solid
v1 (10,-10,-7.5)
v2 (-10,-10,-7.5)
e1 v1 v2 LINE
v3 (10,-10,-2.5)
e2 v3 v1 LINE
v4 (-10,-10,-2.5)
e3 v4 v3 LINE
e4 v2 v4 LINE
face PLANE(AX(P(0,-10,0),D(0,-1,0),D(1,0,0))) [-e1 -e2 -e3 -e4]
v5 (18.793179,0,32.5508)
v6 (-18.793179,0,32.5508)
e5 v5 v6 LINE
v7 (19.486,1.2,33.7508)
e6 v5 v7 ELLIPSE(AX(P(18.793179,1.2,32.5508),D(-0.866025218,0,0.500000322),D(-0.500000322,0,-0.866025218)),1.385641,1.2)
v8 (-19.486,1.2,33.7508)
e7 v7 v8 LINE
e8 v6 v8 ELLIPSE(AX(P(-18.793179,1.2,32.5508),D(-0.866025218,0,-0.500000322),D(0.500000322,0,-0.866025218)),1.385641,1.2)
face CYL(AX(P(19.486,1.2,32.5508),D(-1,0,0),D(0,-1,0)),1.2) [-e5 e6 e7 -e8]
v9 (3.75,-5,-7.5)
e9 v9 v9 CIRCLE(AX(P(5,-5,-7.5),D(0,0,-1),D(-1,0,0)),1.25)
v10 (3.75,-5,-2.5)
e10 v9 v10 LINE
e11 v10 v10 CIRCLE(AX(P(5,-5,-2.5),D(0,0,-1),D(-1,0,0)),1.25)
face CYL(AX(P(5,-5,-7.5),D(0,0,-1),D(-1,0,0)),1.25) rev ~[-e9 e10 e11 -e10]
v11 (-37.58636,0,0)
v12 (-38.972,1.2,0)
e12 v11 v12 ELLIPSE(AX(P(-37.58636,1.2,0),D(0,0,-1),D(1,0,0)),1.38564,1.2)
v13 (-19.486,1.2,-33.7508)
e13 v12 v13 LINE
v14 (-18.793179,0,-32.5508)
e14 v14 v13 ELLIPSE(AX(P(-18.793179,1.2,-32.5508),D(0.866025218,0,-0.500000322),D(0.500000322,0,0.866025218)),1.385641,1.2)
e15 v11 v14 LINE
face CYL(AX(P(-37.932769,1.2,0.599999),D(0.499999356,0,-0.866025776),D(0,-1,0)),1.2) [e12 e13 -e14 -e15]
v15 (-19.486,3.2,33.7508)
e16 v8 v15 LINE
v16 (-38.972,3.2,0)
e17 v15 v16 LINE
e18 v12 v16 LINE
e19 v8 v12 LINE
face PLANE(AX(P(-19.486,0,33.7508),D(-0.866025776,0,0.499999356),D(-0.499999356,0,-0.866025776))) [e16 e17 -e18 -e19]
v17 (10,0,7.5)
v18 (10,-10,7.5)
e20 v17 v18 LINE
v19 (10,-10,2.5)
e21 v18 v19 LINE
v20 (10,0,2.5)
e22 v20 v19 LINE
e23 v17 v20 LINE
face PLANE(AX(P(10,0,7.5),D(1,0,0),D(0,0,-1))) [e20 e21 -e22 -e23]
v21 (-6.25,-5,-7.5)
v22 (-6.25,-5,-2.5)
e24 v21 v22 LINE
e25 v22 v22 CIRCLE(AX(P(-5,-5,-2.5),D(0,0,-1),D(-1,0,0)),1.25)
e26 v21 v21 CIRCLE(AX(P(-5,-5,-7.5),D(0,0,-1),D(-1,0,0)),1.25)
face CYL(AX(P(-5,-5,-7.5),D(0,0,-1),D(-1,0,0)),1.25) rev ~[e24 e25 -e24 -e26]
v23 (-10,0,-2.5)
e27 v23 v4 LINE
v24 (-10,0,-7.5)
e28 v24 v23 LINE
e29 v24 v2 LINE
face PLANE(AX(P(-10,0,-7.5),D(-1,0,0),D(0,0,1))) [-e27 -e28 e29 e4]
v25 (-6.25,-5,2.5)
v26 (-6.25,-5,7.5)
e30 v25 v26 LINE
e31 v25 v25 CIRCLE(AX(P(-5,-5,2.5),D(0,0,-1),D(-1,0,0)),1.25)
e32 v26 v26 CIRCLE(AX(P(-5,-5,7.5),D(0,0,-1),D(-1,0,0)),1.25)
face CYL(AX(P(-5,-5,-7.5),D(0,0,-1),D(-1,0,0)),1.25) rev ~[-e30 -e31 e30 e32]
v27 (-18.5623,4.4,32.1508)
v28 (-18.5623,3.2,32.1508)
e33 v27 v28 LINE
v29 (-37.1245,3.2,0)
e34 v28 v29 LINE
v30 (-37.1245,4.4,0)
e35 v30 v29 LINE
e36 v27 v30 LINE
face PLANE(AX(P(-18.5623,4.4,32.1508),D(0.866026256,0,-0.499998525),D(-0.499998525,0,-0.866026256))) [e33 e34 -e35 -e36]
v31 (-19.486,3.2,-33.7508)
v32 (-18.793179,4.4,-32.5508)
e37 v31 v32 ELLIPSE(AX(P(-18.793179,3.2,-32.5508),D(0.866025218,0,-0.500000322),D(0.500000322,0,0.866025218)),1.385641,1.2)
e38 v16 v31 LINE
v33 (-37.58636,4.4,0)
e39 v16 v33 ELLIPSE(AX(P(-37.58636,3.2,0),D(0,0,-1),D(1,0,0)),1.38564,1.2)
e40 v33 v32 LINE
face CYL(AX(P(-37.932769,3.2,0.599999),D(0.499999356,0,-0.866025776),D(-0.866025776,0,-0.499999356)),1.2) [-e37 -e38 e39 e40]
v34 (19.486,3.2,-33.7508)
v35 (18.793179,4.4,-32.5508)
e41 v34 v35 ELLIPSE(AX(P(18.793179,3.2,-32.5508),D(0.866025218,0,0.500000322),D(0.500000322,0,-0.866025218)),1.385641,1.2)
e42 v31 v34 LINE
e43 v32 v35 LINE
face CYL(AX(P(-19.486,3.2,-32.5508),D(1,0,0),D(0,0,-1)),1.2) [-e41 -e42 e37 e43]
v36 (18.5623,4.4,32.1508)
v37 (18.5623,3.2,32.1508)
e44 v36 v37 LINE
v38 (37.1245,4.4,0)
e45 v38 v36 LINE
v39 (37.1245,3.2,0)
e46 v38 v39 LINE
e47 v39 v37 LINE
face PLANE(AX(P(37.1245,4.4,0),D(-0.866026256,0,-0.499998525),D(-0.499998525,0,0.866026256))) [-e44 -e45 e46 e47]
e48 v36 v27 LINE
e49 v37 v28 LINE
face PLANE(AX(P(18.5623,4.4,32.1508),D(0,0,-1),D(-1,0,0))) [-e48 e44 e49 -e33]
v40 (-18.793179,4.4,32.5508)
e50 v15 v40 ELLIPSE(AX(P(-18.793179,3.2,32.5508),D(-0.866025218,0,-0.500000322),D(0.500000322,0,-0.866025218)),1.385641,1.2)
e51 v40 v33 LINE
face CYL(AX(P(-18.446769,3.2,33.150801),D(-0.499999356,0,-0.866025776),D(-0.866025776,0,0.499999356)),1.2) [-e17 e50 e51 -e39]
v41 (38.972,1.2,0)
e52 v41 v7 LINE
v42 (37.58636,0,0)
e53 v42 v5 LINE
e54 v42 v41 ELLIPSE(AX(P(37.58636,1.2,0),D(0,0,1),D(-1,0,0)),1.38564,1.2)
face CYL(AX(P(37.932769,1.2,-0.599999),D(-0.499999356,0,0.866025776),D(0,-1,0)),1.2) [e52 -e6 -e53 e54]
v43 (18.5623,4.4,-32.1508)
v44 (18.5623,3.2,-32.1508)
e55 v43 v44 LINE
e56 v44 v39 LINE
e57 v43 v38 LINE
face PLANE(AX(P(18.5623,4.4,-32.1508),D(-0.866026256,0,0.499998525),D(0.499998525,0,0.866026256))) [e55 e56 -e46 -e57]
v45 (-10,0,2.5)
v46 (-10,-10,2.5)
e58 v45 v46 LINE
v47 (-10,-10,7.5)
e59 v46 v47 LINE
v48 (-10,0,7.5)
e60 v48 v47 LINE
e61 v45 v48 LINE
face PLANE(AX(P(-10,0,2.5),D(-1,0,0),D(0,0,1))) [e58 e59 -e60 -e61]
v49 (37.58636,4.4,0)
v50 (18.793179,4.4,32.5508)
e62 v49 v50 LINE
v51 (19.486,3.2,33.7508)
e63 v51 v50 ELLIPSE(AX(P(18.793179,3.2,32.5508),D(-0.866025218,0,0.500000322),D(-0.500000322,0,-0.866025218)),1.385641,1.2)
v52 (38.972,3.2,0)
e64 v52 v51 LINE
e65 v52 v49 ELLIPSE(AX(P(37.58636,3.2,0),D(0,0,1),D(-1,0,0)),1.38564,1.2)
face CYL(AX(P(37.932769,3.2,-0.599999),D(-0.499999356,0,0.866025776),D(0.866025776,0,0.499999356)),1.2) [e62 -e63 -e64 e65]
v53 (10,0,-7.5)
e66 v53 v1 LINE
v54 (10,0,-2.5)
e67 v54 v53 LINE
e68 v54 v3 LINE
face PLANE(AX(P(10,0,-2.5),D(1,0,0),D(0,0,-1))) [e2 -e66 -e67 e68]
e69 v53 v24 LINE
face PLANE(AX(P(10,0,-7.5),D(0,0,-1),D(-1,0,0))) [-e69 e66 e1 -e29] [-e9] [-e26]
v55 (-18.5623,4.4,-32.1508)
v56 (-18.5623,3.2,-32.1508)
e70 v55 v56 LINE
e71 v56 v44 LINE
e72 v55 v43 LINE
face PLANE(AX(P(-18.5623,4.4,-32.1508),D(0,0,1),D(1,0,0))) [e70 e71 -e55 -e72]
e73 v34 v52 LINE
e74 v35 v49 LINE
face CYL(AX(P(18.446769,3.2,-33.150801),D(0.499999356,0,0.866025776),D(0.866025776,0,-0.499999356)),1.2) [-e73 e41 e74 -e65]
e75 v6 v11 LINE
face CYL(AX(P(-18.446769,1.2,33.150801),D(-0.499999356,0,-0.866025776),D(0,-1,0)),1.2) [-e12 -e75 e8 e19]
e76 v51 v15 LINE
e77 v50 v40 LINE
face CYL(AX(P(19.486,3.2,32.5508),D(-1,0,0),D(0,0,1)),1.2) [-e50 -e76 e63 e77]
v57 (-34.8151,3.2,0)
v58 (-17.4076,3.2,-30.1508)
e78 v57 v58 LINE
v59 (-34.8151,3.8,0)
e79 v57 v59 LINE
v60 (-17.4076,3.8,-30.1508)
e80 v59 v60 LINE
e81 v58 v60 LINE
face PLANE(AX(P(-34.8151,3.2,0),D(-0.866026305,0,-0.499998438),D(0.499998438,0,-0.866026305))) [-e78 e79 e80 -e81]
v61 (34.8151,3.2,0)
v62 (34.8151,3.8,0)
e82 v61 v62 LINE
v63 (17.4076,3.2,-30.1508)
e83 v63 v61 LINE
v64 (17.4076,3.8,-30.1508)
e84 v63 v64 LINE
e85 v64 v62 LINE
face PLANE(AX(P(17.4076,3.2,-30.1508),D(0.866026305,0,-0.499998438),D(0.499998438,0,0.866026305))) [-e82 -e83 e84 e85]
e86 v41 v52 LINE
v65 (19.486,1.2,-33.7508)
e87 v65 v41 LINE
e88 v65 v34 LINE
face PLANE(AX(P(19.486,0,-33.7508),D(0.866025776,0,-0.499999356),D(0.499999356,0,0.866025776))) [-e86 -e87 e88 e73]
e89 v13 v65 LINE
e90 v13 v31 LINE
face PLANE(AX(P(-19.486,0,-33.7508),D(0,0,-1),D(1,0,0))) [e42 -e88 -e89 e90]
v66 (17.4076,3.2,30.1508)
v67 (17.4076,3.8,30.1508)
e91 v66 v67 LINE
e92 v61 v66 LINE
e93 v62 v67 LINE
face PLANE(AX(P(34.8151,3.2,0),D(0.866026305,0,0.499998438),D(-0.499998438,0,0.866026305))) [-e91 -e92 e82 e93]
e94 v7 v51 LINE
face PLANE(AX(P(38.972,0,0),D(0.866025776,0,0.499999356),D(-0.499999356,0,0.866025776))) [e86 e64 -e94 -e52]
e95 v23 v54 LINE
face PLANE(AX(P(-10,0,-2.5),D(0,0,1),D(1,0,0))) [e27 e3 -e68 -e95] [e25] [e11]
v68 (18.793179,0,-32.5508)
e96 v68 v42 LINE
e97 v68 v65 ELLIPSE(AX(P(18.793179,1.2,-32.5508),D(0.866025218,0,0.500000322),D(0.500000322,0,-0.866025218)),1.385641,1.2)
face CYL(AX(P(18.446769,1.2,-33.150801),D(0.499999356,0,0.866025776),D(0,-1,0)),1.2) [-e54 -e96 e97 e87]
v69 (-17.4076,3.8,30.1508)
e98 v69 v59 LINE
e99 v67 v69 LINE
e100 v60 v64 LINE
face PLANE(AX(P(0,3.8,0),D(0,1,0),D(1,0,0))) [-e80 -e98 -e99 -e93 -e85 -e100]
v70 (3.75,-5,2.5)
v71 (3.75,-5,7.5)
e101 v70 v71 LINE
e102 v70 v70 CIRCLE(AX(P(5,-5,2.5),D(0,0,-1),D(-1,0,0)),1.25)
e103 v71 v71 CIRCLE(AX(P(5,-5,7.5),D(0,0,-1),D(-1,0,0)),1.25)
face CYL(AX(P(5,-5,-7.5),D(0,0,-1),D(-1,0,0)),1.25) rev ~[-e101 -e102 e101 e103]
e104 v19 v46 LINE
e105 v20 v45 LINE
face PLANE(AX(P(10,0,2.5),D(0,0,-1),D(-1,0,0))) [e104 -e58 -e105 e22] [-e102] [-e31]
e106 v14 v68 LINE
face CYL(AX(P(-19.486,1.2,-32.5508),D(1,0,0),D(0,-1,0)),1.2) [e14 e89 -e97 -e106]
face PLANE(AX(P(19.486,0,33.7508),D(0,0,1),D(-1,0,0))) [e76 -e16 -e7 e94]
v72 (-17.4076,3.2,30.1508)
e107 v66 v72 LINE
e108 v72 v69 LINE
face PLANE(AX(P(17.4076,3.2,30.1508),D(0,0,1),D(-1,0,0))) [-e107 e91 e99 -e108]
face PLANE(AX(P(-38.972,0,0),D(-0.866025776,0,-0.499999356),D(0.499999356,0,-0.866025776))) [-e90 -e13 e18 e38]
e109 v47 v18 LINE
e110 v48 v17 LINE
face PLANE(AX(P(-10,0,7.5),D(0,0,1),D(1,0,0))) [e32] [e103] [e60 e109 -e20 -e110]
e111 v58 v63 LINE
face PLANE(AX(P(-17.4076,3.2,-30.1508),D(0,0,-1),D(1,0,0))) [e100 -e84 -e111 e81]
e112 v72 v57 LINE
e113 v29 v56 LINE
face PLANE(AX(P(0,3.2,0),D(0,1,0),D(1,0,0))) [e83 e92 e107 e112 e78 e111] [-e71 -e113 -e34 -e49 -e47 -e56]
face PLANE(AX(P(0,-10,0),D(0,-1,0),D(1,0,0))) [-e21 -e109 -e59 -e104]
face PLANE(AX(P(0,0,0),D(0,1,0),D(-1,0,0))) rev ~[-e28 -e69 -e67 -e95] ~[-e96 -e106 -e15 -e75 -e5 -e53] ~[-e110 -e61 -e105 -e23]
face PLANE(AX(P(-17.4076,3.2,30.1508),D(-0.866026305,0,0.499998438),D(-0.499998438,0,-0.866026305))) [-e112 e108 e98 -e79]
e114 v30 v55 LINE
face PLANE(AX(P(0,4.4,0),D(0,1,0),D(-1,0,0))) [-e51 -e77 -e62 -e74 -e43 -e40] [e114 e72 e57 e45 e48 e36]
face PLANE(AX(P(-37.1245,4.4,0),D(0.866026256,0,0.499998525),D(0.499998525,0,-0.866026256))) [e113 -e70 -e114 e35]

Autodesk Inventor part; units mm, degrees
ref_plane "YZ Plane" through (0, 0, 0) normal (1, 0, 0) x (0, 1, 0)
ref_plane "XZ Plane" through (0, 0, 0) normal (0, 1, 0) x (-1, 0, 0)
ref_plane "XY Plane" through (0, 0, 0) normal (0, 0, 1) x (1, 0, 0)
sketch "스케치1" plane through (0, 0, 0) normal (0, 1, 0) x (-1, 0, 0)
  line L0 (17.6385, -30.5508) -> (-17.6385, -30.5508)
  line L1 (-17.6385, -30.5508) -> (-35.277, 0)
  line L2 (-35.277, 0) -> (-17.6385, 30.5508)
  line L3 (-17.6385, 30.5508) -> (17.6385, 30.5508)
  line L4 (17.6385, 30.5508) -> (35.277, 0)
  line L5 (35.277, 0) -> (17.6385, -30.5508)
  line L6 (19.486, -33.7508) -> (-19.486, -33.7508)
  line L7 (-19.486, -33.7508) -> (-38.972, 0)
  line L8 (-38.972, 0) -> (-19.486, 33.7508)
  line L9 (-19.486, 33.7508) -> (19.486, 33.7508)
  line L10 (19.486, 33.7508) -> (38.972, 0)
  line L11 (38.972, 0) -> (19.486, -33.7508)
  point P0 (0, 0)
  point P1 (0, 0)
  point P2 (0, 0)
  dimension "d0" = 70.554
  dimension "d1" = 3.2
extrude "돌출1" add sketch "스케치1" along normal blind 4.4 contours L0 L1 L2 L3 L4 L5 | L6 L7 L8 L9 L10 L11
sketch "스케치2" plane through (0, 4.4, 0) normal (0, 1, 0) x (1, 0, 0)
  line L0 (-18.5623, 32.1508) -> (18.5623, 32.1508)
  line L1 (18.5623, 32.1508) -> (37.1245, 0)
  line L2 (37.1245, 0) -> (18.5623, -32.1508)
  line L3 (18.5623, -32.1508) -> (-18.5623, -32.1508)
  line L4 (-18.5623, -32.1508) -> (-37.1245, 0)
  line L5 (-37.1245, 0) -> (-18.5623, 32.1508)
  line L6 (-19.486, 33.7508) -> (-38.972, 0) projected
  point P0 (0, 0)
  point P1 (0, 0)
  dimension "d4" = 1.6
extrude "돌출2" cut sketch "스케치2" against normal blind 1.2
sketch "스케치3" plane through (0, 3.2, 0) normal (0, 1, 0) x (1, 0, 0)
  line L0 (17.4076, -30.1508) -> (-17.4076, -30.1508)
  line L1 (-17.4076, -30.1508) -> (-34.8151, 0)
  line L2 (-34.8151, 0) -> (-17.4076, 30.1508)
  line L3 (-17.4076, 30.1508) -> (17.4076, 30.1508)
  line L4 (17.4076, 30.1508) -> (34.8151, 0)
  line L5 (34.8151, 0) -> (17.4076, -30.1508)
  line L6 (-18.5623, 32.1508) -> (18.5623, 32.1508) projected
  point P0 (0, 0)
  point P1 (0, 0)
  dimension "d7" = 2
extrude "돌출3" add sketch "스케치3" along normal blind 0.6
fillet "모깎기1" radius 1.2 12 edges at (0, 4.4, -33.7508) (0, 0, -33.7508) (-29.229, 4.4, -16.8754) (-29.229, 0, -16.8754) (-29.229, 4.4, 16.8754) (-29.229, 0, 16.8754) (0, 0, 33.7508) (0, 4.4, 33.7508) (29.229, 0, 16.8754) (29.229, 4.4, 16.8754) (29.229, 4.4, -16.8754) (29.229, 0, -16.8754)
sketch "스케치4" plane through (0, 0, 0) normal (0, -1, 0) x (1, 0, 0)
  line L0 (10, -7.5) -> (-10, -7.5)
  line L1 (-10, -7.5) -> (-10, -2.5)
  line L2 (-10, -2.5) -> (10, -2.5)
  line L3 (10, -2.5) -> (10, -7.5)
  line L4 (10, -7.5) -> (-10, -2.5) construction
  line L5 (-10, -7.5) -> (10, -2.5) construction
  line L6 (10, 2.5) -> (-10, 2.5)
  line L7 (-10, 2.5) -> (-10, 7.5)
  line L8 (-10, 7.5) -> (10, 7.5)
  line L9 (10, 7.5) -> (10, 2.5)
  line L10 (10, 2.5) -> (-10, 7.5) construction
  line L11 (-10, 2.5) -> (10, 7.5) construction
  point P0 (0, 0)
  point P1 (0, -5)
  point P2 (0, 5)
  dimension "d11" = 20
  dimension "d12" = 5
  dimension "d13" = 20
  dimension "d14" = 5
  dimension "d16" = 5
  dimension "d17" = 2.5
extrude "돌출4" add sketch "스케치4" along normal blind 10
sketch "스케치5" plane through (10, 0, -7.5) normal (0, 0, -1) x (-1, 0, 0)
  circle A0 centre (15, -5) radius 1.25
  circle A1 centre (5, -5) radius 1.25
  line L0 (0, 0) -> (0, -10) projected
  line L1 (-8.7932, 0) -> (28.7932, 0) projected
  point P0 (10, 0)
  point P1 (0, -5)
  dimension "d20" = 2.5
  dimension "d21" = 2.5
  dimension "d22" = 5
  dimension "d23" = 5
  dimension "d24" = 10
extrude "돌출5" cut sketch "스케치5" against normal up to surface (15 mm away)
equation "\"d17\" = 0.5 * d16"
properties part number "OV-PAM_n_6_bottom"
